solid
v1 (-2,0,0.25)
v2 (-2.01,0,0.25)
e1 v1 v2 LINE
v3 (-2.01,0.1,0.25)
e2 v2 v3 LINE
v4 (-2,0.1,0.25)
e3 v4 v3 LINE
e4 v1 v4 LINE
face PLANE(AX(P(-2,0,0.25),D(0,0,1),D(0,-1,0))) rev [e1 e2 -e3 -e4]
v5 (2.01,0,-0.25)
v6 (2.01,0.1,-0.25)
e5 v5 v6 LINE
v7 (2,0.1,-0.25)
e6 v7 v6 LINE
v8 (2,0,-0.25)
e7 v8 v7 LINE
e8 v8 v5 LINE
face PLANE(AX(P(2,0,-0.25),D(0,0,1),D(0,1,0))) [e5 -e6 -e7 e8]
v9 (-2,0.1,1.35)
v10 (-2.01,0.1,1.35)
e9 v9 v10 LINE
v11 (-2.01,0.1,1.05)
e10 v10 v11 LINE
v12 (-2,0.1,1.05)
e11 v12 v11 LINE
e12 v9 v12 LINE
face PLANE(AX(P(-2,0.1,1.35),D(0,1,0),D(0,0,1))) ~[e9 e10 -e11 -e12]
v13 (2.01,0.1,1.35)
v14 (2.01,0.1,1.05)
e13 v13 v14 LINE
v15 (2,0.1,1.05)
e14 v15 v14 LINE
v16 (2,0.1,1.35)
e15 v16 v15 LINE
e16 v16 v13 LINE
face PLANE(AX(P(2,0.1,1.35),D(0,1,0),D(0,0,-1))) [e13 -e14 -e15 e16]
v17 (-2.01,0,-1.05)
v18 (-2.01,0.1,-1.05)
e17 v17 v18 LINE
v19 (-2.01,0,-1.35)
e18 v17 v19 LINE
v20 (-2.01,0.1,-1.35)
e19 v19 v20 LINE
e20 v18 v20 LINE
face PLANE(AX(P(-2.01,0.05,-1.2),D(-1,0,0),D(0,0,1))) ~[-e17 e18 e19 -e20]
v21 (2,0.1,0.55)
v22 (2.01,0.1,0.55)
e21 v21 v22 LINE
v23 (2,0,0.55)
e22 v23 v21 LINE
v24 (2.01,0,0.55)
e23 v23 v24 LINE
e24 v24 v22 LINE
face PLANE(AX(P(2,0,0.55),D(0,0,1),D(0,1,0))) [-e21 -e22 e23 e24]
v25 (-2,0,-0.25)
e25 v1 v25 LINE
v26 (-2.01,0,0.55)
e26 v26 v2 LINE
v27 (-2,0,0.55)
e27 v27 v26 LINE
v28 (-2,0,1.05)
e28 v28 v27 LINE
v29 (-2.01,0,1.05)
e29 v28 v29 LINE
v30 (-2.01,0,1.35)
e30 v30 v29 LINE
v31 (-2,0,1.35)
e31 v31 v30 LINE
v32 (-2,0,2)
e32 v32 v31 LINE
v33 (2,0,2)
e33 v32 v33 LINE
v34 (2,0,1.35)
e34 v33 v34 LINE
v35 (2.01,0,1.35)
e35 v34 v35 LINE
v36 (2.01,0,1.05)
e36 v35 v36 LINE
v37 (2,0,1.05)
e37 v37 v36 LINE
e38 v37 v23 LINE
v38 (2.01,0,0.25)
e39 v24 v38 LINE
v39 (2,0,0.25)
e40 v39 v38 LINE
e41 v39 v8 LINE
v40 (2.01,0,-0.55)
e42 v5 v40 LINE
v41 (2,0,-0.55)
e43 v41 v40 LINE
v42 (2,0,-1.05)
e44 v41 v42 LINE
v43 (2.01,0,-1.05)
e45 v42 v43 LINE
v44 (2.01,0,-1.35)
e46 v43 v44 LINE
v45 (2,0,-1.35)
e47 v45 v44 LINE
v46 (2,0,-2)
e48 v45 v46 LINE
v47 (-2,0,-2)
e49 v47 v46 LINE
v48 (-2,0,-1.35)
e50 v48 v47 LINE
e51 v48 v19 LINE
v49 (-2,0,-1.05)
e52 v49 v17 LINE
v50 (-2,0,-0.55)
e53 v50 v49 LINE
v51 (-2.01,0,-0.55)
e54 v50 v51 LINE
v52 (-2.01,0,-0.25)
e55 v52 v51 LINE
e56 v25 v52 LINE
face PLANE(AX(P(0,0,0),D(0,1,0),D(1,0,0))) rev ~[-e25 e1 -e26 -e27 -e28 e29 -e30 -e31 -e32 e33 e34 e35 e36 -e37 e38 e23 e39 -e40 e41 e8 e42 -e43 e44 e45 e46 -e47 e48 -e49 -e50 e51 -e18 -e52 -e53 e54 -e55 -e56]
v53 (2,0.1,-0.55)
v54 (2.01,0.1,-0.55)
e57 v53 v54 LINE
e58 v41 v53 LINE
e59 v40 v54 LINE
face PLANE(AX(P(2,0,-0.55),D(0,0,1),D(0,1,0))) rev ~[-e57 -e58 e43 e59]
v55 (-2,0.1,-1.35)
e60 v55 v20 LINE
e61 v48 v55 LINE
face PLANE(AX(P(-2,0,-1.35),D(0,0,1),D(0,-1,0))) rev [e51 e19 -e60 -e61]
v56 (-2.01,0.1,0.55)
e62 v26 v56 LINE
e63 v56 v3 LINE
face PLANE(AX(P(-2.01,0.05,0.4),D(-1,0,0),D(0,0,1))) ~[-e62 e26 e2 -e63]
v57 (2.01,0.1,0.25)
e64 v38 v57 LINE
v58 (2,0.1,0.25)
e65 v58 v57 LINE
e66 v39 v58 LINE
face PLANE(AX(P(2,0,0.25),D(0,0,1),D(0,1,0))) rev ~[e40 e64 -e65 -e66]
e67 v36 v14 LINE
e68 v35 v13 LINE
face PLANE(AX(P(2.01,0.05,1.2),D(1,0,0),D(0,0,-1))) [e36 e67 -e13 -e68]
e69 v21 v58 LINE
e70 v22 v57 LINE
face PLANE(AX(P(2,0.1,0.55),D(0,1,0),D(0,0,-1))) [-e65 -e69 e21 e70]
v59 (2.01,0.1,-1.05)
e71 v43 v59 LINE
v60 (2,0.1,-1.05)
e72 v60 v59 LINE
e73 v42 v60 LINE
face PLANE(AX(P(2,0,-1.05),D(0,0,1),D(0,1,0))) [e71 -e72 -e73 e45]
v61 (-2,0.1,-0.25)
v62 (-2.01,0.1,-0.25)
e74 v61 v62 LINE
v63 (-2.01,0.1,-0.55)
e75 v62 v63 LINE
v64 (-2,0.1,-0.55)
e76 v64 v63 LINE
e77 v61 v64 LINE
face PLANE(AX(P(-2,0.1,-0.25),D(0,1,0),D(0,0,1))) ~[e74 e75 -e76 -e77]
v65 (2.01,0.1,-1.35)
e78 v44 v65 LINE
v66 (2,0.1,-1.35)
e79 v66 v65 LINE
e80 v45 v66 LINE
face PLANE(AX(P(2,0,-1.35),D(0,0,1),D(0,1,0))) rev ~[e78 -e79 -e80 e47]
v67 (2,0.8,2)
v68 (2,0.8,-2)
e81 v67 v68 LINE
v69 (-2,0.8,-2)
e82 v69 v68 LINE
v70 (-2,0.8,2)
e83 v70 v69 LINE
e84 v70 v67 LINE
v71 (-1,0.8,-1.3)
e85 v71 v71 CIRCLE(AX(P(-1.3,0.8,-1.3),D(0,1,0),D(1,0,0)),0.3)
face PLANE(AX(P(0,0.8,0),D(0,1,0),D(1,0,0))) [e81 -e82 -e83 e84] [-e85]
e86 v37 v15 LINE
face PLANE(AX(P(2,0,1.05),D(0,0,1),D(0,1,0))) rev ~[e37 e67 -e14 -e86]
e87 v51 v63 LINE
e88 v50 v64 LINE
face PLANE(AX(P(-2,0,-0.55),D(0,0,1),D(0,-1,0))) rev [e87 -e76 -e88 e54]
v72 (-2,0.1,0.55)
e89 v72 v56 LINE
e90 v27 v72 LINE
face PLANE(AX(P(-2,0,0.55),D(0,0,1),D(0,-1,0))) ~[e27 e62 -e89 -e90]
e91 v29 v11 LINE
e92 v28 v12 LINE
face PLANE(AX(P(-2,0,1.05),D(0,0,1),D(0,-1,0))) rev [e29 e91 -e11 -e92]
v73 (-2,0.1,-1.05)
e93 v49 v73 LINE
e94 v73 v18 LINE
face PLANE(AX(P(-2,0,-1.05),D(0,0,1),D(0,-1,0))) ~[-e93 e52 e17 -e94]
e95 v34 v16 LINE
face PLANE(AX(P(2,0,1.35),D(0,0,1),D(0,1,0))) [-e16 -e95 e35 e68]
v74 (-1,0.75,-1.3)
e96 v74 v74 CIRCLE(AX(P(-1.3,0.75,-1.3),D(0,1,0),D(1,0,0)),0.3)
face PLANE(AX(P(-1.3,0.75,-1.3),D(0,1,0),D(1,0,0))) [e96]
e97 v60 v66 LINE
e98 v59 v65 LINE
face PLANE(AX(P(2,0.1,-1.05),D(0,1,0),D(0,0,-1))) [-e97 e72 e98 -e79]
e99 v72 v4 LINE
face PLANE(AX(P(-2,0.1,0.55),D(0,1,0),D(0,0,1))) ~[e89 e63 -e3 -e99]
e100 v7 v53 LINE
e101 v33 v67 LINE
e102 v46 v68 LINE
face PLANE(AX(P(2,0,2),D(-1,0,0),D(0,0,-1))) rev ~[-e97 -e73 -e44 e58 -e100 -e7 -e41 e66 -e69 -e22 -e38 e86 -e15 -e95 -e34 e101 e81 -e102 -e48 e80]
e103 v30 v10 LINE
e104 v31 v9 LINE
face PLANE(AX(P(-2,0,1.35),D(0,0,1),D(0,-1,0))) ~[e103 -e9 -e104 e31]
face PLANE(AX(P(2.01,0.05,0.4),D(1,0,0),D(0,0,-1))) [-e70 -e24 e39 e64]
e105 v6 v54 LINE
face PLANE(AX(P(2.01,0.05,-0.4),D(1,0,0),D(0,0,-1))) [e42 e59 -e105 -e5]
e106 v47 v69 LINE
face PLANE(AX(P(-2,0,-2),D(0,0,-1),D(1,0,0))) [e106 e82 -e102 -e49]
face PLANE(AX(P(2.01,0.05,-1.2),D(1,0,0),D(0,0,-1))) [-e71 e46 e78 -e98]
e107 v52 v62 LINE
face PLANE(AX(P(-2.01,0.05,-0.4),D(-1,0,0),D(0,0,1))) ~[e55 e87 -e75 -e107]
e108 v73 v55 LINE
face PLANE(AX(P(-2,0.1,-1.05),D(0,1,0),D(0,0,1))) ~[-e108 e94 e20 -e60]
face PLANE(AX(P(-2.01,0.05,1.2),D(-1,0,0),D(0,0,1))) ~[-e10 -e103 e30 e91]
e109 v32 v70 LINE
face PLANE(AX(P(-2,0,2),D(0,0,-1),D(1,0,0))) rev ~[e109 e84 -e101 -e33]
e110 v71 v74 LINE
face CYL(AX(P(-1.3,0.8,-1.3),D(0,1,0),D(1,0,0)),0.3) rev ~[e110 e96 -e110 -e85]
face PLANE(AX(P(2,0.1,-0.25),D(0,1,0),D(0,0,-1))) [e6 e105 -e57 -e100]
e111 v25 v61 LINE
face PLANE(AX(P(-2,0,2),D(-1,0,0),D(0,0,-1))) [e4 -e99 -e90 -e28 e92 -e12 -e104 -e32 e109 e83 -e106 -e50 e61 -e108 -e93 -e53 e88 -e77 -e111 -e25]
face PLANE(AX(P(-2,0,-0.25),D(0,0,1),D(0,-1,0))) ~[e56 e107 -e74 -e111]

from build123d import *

# Parameters (mm, degrees)
SKETCH1_W           = 4
SKETCH1_H           = 4
BOSS_EXTRUDE1_DEPTH = 0.8
SKETCH2_W           = 0.3
SKETCH2_H           = 0.1
BOSS_EXTRUDE2_DEPTH = 0.01
SKETCH3_R           = 0.3
CUT_EXTRUDE1_DEPTH  = 0.05


with BuildPart() as part:
    # Sketch1 → Boss-Extrude1 (new body)
    with BuildSketch(Plane(origin=(0, 0, 0), x_dir=(1, 0, 0), z_dir=(0, 1, 0))):
        Rectangle(SKETCH1_W, SKETCH1_H)
    extrude(amount=BOSS_EXTRUDE1_DEPTH)

    # Sketch2 → Boss-Extrude2 (add)
    with BuildSketch(Plane(origin=(2, 0, 0), x_dir=(0, 0, -1), z_dir=(1, 0, 0))):
        with Locations((-1.2, 0.05)):
            Rectangle(SKETCH2_W, SKETCH2_H)
        with Locations((-0.4, 0.05)):
            Rectangle(SKETCH2_W, SKETCH2_H)
        with Locations((0.4, 0.05)):
            Rectangle(SKETCH2_W, SKETCH2_H)
        with Locations((1.2, 0.05)):
            Rectangle(SKETCH2_W, SKETCH2_H)
    boss_extrude2 = extrude(amount=BOSS_EXTRUDE2_DEPTH)

    # Mirror1: Boss-Extrude2 across plane
    add(boss_extrude2.mirror(Plane(origin=(0, 0, 0), x_dir=(0, 0, 1), z_dir=(1, 0, 0))))

    # Sketch3 → Cut-Extrude1 (cut)
    with BuildSketch(Plane(origin=(0, 0.8, 0), x_dir=(1, 0, 0), z_dir=(0, 1, 0))):
        with Locations((-1.3, 1.3)):
            Circle(SKETCH3_R)
    extrude(amount=-CUT_EXTRUDE1_DEPTH, mode=Mode.SUBTRACT)


solid = part.part
